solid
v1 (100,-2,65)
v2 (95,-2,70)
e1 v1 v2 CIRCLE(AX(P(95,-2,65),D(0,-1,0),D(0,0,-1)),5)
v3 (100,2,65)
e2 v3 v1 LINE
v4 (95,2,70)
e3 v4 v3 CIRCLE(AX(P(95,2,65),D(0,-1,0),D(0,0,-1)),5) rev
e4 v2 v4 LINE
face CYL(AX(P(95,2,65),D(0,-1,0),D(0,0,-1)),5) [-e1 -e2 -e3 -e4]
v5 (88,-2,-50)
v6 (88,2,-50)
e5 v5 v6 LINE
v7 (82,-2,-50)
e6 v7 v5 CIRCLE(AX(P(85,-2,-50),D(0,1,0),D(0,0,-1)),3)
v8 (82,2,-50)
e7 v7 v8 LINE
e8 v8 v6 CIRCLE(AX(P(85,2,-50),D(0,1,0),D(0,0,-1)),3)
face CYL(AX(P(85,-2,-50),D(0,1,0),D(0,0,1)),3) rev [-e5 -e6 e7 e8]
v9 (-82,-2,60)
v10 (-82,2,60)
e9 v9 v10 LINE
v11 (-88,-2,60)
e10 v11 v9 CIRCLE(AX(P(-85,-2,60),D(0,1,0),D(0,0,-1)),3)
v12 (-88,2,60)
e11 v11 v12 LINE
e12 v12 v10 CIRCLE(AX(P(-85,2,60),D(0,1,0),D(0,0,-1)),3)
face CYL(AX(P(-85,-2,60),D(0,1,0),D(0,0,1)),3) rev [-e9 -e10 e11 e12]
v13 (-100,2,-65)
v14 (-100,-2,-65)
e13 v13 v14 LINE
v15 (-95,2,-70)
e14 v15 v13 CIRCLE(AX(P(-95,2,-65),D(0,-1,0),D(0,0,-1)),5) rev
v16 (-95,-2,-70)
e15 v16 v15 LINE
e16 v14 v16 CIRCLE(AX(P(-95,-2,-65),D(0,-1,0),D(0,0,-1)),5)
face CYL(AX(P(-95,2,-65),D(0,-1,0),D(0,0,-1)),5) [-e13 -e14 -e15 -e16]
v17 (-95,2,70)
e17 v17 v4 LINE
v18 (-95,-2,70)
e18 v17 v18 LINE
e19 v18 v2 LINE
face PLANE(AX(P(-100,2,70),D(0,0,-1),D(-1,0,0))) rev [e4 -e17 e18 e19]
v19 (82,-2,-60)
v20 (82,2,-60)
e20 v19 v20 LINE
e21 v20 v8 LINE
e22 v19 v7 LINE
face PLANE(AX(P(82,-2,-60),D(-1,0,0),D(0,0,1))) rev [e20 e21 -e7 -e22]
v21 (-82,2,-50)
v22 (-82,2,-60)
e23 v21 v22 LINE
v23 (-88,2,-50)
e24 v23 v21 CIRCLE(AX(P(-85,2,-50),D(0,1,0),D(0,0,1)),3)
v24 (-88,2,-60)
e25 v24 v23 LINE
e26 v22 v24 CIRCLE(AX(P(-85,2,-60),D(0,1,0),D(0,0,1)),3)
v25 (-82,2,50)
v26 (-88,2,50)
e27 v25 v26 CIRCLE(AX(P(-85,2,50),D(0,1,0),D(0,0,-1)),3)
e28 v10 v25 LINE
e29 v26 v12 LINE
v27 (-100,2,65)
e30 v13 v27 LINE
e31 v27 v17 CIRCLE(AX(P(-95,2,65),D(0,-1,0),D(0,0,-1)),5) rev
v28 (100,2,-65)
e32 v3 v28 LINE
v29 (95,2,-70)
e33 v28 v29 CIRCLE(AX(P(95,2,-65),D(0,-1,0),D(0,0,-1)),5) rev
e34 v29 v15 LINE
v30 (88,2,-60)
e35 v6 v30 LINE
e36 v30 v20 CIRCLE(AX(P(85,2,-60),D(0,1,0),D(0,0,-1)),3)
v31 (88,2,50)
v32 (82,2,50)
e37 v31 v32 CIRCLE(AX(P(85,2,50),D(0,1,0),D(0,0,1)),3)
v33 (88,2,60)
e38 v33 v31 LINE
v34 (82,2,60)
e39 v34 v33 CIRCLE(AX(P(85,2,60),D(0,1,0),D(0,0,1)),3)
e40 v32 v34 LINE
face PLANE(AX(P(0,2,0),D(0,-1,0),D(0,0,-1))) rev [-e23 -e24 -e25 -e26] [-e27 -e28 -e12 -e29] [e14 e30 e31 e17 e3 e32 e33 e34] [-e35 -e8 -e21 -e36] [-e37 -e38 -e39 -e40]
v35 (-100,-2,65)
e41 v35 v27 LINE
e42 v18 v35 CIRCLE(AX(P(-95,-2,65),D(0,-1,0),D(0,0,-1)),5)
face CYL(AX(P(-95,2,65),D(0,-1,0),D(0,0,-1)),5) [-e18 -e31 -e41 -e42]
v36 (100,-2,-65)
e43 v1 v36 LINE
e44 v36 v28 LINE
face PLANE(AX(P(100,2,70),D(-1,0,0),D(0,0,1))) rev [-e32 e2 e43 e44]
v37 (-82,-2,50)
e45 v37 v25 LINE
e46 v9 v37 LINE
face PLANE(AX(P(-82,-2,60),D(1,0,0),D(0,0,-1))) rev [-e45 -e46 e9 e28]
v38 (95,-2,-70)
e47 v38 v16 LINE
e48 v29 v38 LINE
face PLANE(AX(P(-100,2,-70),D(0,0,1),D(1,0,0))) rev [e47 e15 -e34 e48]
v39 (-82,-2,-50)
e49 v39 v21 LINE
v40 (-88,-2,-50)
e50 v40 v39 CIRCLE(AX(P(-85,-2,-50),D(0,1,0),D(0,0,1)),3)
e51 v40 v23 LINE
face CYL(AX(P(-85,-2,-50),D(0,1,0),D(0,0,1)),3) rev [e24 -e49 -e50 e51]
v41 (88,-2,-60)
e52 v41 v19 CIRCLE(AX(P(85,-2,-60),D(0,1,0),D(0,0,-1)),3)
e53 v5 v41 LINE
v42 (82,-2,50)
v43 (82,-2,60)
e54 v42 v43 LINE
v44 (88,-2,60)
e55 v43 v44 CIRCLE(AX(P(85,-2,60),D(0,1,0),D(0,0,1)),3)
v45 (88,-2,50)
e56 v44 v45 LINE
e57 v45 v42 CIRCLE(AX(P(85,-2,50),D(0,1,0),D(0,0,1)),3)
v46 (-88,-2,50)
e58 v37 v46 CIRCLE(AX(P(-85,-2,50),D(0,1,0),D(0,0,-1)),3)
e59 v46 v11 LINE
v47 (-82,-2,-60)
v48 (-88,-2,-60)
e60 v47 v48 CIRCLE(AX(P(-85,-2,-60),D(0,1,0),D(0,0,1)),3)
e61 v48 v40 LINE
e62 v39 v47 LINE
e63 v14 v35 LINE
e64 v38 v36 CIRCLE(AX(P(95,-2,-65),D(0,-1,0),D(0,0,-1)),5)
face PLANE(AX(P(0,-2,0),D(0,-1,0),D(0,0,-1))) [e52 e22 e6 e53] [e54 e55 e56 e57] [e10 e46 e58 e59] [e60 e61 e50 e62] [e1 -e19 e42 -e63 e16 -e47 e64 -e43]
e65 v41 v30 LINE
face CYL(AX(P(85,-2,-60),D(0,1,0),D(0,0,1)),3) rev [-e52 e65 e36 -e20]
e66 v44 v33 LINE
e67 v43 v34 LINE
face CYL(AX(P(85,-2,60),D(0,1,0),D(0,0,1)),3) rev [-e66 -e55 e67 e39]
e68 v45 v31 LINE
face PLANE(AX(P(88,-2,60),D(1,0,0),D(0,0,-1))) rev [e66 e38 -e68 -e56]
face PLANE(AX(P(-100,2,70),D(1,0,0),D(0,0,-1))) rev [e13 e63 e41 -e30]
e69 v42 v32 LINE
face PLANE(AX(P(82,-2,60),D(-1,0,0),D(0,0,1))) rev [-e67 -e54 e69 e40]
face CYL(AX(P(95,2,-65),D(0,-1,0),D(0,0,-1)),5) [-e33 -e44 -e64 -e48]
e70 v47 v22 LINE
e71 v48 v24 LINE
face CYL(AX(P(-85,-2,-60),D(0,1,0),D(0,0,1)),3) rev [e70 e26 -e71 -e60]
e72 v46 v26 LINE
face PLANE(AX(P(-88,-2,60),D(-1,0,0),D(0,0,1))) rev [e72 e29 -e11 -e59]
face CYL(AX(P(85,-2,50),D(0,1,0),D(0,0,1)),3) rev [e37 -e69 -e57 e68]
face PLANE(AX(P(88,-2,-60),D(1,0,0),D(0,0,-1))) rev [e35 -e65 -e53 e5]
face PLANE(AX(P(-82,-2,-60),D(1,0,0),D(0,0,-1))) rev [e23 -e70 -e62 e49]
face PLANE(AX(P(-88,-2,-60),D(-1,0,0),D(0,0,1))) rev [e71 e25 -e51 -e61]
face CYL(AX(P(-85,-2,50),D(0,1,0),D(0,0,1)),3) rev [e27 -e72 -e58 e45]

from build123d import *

# Parameters (mm, degrees)
SKETCH1_W           = 200
SKETCH1_H           = 140
BOSS_EXTRUDE1_DEPTH = 2
CUT_EXTRUDE1_DEPTH  = 123.131077126
FILLET1_R           = 5


with BuildPart() as part:
    # Sketch1 → Boss-Extrude1 (new, symmetric)
    with BuildSketch(Plane(origin=(0, 0, 0), x_dir=(1, 0, 0), z_dir=(0, 1, 0))):
        Rectangle(SKETCH1_W, SKETCH1_H)
    extrude(amount=BOSS_EXTRUDE1_DEPTH, both=True)

    # Sketch2 → Cut-Extrude1 (cut, through all)
    with BuildSketch(Plane(origin=(0, 2, 0), x_dir=(1, 0, 0), z_dir=(0, 1, 0))):
        with BuildLine():
            Line((-82, 60), (-82, 50))
            ThreePointArc((-82, 50), (-85, 47), (-88, 50))
            Line((-88, 50), (-88, 60))
            ThreePointArc((-88, 60), (-85, 63), (-82, 60))
        make_face()
        with BuildLine():
            Line((82, 60), (82, 50))
            ThreePointArc((82, 50), (85, 47), (88, 50))
            Line((88, 50), (88, 60))
            ThreePointArc((88, 60), (85, 63), (82, 60))
        make_face()
        with BuildLine():
            Line((82, -60), (82, -50))
            ThreePointArc((82, -50), (85, -47), (88, -50))
            Line((88, -50), (88, -60))
            ThreePointArc((88, -60), (85, -63), (82, -60))
        make_face()
        with BuildLine():
            Line((-82, -60), (-82, -50))
            ThreePointArc((-82, -50), (-85, -47), (-88, -50))
            Line((-88, -50), (-88, -60))
            ThreePointArc((-88, -60), (-85, -63), (-82, -60))
        make_face()
    extrude(amount=-CUT_EXTRUDE1_DEPTH, mode=Mode.SUBTRACT)

    # Fillet1
    fillet1_edges = [part.edges().sort_by_distance(p)[0] for p in [
        (100, 0, 70),
        (-100, 0, 70),
        (-100, 0, -70),
        (100, 0, -70),
    ]]
    fillet(fillet1_edges, radius=FILLET1_R)


solid = part.part
